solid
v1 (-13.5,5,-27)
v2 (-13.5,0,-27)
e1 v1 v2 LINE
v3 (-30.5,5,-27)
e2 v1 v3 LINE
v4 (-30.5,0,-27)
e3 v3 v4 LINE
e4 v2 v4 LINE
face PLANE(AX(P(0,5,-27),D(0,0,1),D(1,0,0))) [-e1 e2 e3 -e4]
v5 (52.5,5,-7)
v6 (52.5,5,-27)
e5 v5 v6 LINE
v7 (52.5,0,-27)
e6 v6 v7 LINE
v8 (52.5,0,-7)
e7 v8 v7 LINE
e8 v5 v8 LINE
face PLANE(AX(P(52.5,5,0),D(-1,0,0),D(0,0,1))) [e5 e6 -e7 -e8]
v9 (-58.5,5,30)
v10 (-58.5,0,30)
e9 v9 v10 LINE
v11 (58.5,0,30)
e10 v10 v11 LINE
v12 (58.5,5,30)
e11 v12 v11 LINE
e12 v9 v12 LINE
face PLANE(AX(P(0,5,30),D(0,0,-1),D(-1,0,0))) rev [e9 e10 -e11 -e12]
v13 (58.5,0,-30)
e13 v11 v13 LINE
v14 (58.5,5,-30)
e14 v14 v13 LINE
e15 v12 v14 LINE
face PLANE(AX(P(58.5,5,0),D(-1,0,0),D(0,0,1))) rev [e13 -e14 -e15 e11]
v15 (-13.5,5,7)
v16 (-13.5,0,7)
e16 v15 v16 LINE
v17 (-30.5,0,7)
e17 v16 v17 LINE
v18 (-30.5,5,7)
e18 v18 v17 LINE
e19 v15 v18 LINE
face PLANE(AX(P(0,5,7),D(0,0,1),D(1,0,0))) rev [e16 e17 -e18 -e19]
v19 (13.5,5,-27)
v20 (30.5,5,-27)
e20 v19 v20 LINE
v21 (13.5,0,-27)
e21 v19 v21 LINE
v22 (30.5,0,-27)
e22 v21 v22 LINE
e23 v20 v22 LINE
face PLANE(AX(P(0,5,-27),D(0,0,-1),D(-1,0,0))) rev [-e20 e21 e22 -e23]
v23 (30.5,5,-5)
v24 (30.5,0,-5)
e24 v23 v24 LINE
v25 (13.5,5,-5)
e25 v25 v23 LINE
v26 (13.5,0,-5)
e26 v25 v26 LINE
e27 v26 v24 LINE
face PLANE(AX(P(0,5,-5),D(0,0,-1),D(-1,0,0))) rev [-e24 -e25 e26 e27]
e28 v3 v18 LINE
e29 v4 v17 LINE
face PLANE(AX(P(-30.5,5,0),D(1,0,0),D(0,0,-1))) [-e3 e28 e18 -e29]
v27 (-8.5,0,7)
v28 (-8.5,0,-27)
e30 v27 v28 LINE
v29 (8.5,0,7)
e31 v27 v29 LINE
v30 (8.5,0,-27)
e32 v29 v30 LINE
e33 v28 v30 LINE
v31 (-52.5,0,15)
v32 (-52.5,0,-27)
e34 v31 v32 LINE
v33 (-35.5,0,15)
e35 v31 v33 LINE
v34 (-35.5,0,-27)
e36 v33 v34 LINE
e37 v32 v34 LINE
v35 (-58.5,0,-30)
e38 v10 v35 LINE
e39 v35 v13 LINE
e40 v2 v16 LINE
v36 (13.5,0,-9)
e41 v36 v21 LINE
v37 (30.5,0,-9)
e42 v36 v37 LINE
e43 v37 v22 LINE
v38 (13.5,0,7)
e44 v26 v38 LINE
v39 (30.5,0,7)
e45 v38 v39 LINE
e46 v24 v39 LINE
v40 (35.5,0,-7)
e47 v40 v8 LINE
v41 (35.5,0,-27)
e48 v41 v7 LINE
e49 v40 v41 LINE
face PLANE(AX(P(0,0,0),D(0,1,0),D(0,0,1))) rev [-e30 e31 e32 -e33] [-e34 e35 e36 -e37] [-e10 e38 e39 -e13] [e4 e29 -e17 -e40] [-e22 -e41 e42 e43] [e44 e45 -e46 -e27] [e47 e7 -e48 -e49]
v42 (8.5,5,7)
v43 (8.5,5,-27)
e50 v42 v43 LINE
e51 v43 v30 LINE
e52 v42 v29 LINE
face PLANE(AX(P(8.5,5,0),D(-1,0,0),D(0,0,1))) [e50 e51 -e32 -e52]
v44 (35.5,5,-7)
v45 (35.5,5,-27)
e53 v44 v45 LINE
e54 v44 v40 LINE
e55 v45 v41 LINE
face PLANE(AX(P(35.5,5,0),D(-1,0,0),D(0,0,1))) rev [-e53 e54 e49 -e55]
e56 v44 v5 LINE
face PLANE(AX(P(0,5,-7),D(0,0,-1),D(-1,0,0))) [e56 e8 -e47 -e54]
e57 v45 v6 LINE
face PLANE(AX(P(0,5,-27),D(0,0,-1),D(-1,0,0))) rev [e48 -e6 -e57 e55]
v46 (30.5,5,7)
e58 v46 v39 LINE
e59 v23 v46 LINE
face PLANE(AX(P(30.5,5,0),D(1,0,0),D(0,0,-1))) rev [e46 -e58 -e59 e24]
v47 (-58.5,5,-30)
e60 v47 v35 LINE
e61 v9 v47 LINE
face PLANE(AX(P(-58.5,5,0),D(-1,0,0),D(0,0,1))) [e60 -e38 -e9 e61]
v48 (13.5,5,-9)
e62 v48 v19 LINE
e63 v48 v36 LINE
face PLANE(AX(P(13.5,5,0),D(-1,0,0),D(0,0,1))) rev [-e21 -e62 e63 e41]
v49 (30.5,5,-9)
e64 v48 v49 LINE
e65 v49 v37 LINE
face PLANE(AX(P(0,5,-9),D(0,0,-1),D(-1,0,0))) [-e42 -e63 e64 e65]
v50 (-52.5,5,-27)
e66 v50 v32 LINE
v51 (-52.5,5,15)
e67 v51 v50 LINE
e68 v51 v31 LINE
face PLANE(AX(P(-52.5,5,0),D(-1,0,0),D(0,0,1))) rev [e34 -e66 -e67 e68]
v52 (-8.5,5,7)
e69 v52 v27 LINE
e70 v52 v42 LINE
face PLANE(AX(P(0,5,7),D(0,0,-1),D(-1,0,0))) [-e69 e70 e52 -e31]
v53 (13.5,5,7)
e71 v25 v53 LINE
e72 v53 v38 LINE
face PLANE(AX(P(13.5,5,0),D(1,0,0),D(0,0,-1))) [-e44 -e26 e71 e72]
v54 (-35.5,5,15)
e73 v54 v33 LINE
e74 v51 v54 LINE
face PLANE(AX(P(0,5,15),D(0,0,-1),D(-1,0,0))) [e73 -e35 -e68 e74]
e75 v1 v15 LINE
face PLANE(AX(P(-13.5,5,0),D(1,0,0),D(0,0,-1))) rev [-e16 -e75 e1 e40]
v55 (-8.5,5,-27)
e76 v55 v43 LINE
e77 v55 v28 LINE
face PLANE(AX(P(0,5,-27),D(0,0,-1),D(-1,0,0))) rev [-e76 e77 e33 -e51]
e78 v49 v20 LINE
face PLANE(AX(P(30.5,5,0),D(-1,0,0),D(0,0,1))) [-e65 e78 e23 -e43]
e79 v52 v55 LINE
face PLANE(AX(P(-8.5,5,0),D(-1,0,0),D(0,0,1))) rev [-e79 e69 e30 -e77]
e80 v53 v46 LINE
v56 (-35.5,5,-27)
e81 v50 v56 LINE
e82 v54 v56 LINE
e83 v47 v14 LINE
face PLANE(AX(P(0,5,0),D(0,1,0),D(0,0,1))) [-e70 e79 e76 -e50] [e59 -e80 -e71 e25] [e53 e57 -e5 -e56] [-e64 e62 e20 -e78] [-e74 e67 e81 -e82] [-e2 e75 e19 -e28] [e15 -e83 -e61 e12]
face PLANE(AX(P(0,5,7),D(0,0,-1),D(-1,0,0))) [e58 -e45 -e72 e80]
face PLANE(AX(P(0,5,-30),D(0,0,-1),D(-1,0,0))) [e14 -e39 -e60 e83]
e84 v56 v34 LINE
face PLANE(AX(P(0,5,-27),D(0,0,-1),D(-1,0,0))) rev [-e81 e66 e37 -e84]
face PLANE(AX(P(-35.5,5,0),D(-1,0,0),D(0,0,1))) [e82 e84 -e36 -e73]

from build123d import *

# Parameters (mm, degrees)
SKETCH1_W           = 117
SKETCH1_H           = 60
SKETCH1_W_2         = 17
SKETCH1_H_2         = 18
SKETCH1_H_3         = 42
SKETCH1_H_4         = 34
SKETCH1_H_5         = 20
SKETCH1_H_6         = 12
BOSS_EXTRUDE1_DEPTH = 5


with BuildPart() as part:
    # Sketch1 → Boss-Extrude1 (new body)
    with BuildSketch(Plane(origin=(0, 0, 0), x_dir=(1, 0, 0), z_dir=(0, 1, 0))):
        Rectangle(SKETCH1_W, SKETCH1_H)
        with Locations((22, 18)):
            Rectangle(SKETCH1_W_2, SKETCH1_H_2, mode=Mode.SUBTRACT)
        with Locations((-44, 6)):
            Rectangle(SKETCH1_W_2, SKETCH1_H_3, mode=Mode.SUBTRACT)
        with Locations((-22, 10)):
            Rectangle(SKETCH1_W_2, SKETCH1_H_4, mode=Mode.SUBTRACT)
        with Locations((0, 10)):
            Rectangle(SKETCH1_W_2, SKETCH1_H_4, mode=Mode.SUBTRACT)
        with Locations((44, 17)):
            Rectangle(SKETCH1_W_2, SKETCH1_H_5, mode=Mode.SUBTRACT)
        with Locations((22, -1)):
            Rectangle(SKETCH1_W_2, SKETCH1_H_6, mode=Mode.SUBTRACT)
    extrude(amount=BOSS_EXTRUDE1_DEPTH)


solid = part.part
